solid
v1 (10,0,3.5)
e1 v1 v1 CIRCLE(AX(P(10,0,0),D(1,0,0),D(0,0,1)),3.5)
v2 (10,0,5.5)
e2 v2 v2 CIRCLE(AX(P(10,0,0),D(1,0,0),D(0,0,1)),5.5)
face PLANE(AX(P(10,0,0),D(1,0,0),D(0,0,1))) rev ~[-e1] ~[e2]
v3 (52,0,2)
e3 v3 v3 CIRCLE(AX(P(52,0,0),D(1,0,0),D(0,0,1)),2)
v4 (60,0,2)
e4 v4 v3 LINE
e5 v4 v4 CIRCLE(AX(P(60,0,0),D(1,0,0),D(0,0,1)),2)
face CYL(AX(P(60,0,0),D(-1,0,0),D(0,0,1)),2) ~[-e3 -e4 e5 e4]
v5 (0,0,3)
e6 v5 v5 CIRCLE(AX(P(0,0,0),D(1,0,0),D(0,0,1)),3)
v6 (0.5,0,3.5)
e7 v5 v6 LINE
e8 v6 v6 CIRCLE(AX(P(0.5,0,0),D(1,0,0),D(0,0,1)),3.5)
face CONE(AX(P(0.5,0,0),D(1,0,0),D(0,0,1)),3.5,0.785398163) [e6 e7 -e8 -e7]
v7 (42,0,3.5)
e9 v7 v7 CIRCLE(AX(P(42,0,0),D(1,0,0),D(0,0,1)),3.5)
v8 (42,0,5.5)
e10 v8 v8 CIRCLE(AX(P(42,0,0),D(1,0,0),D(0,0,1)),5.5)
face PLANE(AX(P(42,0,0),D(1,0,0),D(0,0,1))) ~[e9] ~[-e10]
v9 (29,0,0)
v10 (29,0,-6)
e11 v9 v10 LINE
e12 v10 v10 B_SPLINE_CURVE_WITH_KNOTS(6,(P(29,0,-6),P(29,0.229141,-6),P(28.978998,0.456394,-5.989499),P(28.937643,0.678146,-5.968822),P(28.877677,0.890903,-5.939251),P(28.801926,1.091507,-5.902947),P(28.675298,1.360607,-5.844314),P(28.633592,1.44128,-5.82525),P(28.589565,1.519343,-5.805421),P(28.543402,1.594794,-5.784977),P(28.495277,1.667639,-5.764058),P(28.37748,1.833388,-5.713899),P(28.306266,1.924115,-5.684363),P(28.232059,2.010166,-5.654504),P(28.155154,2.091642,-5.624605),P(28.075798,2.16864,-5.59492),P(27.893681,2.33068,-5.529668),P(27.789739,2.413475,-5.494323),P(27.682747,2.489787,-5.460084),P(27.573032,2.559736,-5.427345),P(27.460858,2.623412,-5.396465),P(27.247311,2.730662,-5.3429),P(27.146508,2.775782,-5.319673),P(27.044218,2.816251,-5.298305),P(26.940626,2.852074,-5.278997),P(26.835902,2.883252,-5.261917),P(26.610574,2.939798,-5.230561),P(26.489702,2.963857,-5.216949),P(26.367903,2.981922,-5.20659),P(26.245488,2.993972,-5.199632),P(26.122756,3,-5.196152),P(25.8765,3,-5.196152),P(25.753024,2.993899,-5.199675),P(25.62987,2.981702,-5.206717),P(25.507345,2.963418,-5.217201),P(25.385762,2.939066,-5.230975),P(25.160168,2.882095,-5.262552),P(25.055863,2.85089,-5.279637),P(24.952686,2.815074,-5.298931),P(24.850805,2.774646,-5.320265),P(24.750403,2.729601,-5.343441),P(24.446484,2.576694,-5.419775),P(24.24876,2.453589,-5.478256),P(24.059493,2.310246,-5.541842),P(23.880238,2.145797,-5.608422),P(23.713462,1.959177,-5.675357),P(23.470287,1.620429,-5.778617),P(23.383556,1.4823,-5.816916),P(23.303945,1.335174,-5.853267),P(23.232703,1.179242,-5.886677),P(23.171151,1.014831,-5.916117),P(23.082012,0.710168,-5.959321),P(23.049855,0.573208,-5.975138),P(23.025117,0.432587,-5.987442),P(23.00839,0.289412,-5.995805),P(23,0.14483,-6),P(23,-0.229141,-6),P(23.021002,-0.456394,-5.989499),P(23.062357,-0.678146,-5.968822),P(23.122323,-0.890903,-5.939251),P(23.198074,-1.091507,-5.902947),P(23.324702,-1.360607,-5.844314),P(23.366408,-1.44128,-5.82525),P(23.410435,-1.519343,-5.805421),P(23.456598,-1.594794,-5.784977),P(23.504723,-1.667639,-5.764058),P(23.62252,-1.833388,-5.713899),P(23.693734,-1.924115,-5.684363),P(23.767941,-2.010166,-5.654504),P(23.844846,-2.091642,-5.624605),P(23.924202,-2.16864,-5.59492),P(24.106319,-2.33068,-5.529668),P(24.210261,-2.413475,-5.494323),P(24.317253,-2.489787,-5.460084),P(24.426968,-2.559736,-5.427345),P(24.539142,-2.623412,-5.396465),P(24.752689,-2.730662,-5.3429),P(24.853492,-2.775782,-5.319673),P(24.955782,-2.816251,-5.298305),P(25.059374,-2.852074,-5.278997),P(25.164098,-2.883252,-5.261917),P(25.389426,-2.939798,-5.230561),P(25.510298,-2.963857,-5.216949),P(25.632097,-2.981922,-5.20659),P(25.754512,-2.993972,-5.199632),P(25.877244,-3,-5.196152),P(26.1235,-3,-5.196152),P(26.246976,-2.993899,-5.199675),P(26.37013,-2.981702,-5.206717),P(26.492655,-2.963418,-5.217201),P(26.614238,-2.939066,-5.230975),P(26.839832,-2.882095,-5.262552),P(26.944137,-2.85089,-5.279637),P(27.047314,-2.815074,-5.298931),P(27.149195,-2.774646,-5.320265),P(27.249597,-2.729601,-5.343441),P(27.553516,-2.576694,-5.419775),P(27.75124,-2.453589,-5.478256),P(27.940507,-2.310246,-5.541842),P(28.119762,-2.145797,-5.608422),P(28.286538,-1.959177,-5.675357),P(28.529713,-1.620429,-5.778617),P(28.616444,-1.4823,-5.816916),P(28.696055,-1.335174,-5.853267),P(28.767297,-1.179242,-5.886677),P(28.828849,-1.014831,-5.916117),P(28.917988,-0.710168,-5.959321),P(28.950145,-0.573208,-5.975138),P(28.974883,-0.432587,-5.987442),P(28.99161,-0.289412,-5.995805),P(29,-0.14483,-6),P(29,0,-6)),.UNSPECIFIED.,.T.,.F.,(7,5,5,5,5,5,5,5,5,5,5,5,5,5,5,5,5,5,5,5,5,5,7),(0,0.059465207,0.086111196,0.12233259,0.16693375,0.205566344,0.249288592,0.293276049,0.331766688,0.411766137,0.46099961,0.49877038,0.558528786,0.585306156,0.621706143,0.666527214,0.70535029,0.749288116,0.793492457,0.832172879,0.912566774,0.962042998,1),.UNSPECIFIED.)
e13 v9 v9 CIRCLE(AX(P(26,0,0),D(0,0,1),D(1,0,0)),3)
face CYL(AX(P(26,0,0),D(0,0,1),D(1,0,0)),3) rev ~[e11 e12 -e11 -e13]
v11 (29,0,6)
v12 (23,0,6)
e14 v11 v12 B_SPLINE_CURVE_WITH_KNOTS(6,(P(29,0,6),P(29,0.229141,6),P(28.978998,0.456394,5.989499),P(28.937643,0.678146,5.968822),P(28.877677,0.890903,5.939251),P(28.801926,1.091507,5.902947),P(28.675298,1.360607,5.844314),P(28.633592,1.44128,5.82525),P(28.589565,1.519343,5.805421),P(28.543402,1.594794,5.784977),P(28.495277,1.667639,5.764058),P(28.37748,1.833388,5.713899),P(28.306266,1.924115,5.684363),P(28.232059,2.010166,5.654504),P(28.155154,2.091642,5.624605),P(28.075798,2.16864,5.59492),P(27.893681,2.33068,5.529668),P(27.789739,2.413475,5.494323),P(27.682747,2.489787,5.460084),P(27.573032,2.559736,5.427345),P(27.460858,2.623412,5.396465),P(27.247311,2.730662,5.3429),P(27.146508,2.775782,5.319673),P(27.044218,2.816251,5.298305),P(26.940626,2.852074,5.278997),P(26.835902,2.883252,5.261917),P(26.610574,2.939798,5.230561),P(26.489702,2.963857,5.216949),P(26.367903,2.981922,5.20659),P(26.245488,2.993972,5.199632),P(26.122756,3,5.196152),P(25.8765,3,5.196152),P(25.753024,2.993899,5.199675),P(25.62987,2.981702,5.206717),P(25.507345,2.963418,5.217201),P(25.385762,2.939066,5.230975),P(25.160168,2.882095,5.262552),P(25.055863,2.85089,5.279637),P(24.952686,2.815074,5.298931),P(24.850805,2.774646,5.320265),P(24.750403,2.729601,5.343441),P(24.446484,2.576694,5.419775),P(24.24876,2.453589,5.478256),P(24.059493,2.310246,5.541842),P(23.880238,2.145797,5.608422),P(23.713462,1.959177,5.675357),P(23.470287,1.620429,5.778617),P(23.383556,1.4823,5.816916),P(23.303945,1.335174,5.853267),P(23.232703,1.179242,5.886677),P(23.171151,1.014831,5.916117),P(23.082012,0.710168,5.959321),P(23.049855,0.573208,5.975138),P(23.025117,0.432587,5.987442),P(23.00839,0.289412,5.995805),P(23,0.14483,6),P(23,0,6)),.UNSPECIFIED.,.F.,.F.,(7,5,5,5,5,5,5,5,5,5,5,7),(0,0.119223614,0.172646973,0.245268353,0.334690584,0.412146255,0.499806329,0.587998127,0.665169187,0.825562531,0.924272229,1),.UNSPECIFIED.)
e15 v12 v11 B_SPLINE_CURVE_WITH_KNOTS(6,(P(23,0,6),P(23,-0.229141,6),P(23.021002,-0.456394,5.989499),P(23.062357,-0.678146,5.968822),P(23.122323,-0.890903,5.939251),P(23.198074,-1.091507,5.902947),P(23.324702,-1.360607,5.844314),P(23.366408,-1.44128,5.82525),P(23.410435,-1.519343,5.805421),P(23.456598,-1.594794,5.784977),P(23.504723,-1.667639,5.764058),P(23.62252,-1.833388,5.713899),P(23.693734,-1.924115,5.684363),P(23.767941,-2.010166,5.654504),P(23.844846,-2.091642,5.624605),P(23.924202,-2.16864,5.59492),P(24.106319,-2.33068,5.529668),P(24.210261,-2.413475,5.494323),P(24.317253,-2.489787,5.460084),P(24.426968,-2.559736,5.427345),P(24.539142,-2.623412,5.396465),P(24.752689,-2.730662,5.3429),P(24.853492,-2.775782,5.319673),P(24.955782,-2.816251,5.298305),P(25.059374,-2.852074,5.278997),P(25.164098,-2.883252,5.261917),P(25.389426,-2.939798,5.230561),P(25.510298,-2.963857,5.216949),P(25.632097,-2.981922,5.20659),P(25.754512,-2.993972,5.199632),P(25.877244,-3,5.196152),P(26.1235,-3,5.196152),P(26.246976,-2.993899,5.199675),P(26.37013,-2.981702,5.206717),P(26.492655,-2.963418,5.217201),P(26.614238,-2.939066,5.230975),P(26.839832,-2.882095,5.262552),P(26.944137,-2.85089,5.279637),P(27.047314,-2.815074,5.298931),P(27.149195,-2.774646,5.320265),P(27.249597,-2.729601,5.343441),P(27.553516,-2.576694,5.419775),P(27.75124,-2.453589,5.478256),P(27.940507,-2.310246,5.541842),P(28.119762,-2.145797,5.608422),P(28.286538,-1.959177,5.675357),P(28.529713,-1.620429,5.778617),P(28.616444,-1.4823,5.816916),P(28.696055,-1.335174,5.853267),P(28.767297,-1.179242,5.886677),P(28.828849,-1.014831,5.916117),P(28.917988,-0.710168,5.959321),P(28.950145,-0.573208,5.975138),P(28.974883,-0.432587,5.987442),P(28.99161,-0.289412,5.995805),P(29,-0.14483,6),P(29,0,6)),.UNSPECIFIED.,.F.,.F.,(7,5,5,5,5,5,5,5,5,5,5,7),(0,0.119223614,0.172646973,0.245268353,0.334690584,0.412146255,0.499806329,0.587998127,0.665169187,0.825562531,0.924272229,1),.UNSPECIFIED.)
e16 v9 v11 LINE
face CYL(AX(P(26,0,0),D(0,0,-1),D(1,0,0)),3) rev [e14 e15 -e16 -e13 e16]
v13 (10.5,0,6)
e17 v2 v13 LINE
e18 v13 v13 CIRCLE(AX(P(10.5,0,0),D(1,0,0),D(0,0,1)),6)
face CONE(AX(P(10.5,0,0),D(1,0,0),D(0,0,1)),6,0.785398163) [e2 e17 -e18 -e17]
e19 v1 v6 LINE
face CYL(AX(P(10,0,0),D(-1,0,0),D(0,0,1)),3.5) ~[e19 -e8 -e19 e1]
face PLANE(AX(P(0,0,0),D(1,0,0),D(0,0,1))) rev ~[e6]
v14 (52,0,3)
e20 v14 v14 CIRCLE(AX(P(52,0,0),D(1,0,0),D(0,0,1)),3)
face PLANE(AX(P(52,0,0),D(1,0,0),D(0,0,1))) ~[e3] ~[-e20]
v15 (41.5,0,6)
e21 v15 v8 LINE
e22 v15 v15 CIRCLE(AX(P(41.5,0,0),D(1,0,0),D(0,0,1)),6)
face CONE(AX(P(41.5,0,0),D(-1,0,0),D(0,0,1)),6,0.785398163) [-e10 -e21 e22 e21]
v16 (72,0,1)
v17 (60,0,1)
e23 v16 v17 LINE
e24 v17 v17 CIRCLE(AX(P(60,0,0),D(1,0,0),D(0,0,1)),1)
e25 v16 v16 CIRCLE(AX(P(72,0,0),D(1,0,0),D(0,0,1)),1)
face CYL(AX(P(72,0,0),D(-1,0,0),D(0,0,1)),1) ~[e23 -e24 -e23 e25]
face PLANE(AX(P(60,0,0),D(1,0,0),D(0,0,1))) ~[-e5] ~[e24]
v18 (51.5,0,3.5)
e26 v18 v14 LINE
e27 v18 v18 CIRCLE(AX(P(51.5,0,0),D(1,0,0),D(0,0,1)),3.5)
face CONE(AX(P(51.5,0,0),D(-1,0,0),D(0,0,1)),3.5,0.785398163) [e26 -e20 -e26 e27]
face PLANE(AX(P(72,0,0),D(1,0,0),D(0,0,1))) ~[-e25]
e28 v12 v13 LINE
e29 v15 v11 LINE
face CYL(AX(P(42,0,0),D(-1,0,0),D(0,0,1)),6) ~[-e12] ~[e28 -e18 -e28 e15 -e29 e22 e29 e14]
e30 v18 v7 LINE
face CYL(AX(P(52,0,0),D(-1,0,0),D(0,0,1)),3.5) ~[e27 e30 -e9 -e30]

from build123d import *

# Parameters (mm, degrees)
F2_R          = 3
F3_DEPTH      = 6.001
F3_DEPTH_BACK = 6.001
F4_SIZE       = 0.5


with BuildPart() as f1:
    # F0 (on Front) → F1 (revolve)
    with BuildSketch(Plane.XZ):
        Polygon((0, 3.5), (0, 0), (72, 0), (72, 1), (60, 1), (60, 2), (52, 2), (52, 3.5), (42, 3.5), (42, 6), (10, 6), (10, 3.5), align=None)
    revolve(axis=Axis((37.3597331345, 0, 0), (1, 0, 0)))

    # F2 (on Top) → F3 (cut, two sides)
    with BuildSketch(Plane.XY) as f3_sk:
        with Locations((26, 0)):
            Circle(F2_R)
    extrude(amount=-F3_DEPTH, mode=Mode.SUBTRACT)
    extrude(f3_sk.sketch, amount=F3_DEPTH_BACK, mode=Mode.SUBTRACT)

    # F4
    f4_edges = [f1.edges().sort_by_distance(p)[0] for p in [
        (52, 0, -3.5),
        (0, 0, -3.5),
        (10, 0, -6),
        (42, 0, -6),
    ]]
    chamfer(f4_edges, length=F4_SIZE)


solid = f1.part
